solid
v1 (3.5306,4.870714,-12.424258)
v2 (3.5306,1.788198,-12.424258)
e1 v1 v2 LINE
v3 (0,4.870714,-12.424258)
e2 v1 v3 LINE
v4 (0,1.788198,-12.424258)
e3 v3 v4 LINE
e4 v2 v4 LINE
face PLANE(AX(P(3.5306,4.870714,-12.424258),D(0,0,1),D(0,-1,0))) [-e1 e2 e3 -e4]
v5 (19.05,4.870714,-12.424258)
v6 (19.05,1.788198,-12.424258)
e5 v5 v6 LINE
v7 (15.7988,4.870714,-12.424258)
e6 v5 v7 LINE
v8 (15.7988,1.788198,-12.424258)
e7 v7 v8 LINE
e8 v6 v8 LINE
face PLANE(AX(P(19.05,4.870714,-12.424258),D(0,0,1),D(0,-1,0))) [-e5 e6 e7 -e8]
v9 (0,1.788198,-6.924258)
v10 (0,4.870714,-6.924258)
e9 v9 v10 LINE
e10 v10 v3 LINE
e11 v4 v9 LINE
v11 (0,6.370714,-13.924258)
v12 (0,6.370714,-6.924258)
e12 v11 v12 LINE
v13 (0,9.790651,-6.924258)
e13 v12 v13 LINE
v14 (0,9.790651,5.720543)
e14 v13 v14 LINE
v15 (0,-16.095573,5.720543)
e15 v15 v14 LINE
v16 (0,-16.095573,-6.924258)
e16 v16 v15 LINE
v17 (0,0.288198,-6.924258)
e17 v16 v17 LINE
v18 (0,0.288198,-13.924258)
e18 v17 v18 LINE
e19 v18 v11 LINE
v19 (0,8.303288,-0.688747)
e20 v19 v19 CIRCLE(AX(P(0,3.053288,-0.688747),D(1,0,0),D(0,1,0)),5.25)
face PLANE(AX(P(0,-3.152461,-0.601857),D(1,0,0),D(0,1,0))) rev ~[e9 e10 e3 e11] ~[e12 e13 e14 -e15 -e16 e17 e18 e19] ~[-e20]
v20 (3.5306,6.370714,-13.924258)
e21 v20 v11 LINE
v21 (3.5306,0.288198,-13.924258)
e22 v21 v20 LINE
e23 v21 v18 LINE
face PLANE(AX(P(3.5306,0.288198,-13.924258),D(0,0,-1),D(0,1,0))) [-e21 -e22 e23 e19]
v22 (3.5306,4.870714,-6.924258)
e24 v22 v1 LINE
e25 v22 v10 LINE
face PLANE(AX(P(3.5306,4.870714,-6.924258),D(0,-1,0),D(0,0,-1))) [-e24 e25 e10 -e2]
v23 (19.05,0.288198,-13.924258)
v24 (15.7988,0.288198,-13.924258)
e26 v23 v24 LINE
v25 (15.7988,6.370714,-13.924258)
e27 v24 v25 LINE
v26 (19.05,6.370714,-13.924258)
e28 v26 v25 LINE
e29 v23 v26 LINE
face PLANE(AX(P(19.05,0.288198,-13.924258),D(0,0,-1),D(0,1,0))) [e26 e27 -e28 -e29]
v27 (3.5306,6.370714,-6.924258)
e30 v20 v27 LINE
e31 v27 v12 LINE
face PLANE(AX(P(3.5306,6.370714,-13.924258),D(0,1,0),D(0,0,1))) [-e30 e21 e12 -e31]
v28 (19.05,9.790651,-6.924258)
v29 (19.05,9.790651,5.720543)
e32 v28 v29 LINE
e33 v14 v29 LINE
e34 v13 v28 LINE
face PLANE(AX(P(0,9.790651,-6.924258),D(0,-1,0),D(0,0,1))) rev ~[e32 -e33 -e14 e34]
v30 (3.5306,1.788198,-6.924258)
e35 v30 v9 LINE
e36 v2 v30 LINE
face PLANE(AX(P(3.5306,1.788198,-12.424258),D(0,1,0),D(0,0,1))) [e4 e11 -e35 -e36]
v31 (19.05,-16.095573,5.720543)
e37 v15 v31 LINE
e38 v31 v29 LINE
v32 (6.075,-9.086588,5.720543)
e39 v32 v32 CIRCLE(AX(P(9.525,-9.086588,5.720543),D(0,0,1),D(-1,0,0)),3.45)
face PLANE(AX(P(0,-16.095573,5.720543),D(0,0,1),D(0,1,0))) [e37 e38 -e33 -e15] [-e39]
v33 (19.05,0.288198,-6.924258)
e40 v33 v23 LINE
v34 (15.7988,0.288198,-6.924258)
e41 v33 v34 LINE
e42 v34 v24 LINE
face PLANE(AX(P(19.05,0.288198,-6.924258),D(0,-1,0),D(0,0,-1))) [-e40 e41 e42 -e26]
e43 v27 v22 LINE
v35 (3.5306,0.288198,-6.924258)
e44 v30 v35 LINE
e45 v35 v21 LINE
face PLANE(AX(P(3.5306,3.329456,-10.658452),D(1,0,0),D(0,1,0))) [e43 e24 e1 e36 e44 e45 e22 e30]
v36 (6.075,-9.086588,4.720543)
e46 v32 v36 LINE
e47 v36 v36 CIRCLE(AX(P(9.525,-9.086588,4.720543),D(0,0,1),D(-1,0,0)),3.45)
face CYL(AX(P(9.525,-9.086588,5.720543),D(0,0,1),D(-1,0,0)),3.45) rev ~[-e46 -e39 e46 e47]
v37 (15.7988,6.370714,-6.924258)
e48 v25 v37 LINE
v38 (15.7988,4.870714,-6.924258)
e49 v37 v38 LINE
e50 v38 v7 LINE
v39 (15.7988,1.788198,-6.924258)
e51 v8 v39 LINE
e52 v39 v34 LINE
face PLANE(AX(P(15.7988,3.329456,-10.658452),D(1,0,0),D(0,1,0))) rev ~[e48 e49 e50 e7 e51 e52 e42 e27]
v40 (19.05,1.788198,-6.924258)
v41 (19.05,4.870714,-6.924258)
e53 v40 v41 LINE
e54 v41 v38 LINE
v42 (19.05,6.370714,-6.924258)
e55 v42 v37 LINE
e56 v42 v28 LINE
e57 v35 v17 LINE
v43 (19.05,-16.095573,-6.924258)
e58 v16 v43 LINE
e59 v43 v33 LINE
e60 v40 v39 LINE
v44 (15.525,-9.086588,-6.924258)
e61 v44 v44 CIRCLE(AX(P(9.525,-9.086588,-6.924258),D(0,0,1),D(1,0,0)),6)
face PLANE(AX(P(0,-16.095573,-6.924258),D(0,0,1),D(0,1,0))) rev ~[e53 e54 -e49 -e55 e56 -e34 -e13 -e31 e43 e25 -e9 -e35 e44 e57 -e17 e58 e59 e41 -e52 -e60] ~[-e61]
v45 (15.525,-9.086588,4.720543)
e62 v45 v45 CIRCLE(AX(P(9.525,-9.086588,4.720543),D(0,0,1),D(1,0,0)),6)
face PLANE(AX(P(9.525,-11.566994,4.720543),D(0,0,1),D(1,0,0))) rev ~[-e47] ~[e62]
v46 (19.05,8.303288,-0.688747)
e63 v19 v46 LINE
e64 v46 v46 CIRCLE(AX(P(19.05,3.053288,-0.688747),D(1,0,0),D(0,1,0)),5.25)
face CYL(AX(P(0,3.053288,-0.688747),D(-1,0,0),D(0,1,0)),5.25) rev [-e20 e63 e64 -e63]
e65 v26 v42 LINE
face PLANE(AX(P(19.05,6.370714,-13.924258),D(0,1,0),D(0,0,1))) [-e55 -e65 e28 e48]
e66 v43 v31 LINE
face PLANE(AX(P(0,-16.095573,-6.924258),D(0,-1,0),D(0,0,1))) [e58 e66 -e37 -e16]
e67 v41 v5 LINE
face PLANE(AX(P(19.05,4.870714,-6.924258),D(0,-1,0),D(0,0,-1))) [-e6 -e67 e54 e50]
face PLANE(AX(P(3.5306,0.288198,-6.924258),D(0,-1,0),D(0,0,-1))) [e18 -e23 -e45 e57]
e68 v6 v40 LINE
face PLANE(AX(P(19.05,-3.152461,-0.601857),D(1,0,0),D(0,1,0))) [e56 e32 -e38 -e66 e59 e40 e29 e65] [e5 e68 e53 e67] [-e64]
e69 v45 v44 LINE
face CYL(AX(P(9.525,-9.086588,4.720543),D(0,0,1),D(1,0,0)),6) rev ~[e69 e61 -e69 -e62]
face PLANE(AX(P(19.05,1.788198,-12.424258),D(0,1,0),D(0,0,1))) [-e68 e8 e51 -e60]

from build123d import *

# Parameters (mm, degrees)
F0_W     = 25.8862247349
F0_H     = 12.6448004093
F0_R     = 5.25
F1_DEPTH = 19.05
F3_DEPTH = 1
F4_START = -1
F4_DEPTH = 24.4
F6_DEPTH = 3.2512
F7_START = -15.5194
F7_DEPTH = 3.5306


with BuildPart() as f1:
    # F0 (on Right) → F1 (new body)
    with BuildSketch(Plane.YZ):
        with Locations((-3.152461024, -0.6018574079)):
            Rectangle(F0_W, F0_H)
        with Locations((3.0532879755, -0.688746688)):
            Circle(F0_R, mode=Mode.SUBTRACT)
    extrude(amount=F1_DEPTH)

    # F2 (on face) → F3 (cut)
    with BuildSketch(Plane.XY.offset(5.7205427967)):
        with BuildLine():
            Line((9.525, -9.0865883976), (12.975, -9.0865883976))
            ThreePointArc((12.975, -9.0865883976), (9.525, -5.6365883976), (6.075, -9.0865883976))
            Line((6.075, -9.0865883976), (9.525, -9.0865883976))
        make_face()
        with BuildLine():
            ThreePointArc((6.075, -9.0865883976), (9.525, -12.5365883976), (12.975, -9.0865883976))
            Line((12.975, -9.0865883976), (9.525, -9.0865883976))
            Line((9.525, -9.0865883976), (6.075, -9.0865883976))
        make_face()
    extrude(amount=-F3_DEPTH, mode=Mode.SUBTRACT)

    # F2 (on face) → F4 (cut)
    with BuildSketch(Plane.XY.offset(5.7205427967).offset(F4_START)):
        with BuildLine():
            Line((15.525, -9.0865883976), (12.975, -9.0865883976))
            ThreePointArc((12.975, -9.0865883976), (9.525, -12.5365883976), (6.075, -9.0865883976))
            Line((6.075, -9.0865883976), (3.525, -9.0865883976))
            ThreePointArc((3.525, -9.0865883976), (9.525, -15.0865883976), (15.525, -9.0865883976))
        make_face()
        with BuildLine():
            Line((9.525, -9.0865883976), (12.975, -9.0865883976))
            ThreePointArc((12.975, -9.0865883976), (9.525, -5.6365883976), (6.075, -9.0865883976))
            Line((6.075, -9.0865883976), (9.525, -9.0865883976))
        make_face()
        with BuildLine():
            ThreePointArc((6.075, -9.0865883976), (9.525, -5.6365883976), (12.975, -9.0865883976))
            Line((12.975, -9.0865883976), (15.525, -9.0865883976))
            ThreePointArc((15.525, -9.0865883976), (9.525, -3.0865883976), (3.525, -9.0865883976))
            Line((3.525, -9.0865883976), (6.075, -9.0865883976))
        make_face()
        with BuildLine():
            ThreePointArc((6.075, -9.0865883976), (9.525, -12.5365883976), (12.975, -9.0865883976))
            Line((12.975, -9.0865883976), (9.525, -9.0865883976))
            Line((9.525, -9.0865883976), (6.075, -9.0865883976))
        make_face()
    extrude(amount=-F4_DEPTH, mode=Mode.SUBTRACT)

    # F5 (on face) → F6 (join)
    with BuildSketch(Plane.YZ.offset(19.05)):
        Polygon((6.3707139343, -13.9242576137), (6.3707139343, -6.9242576137), (4.8707139343, -6.9242576126), (4.8707139343, -12.4242576137), (1.7881980821, -12.4242576137), (1.7881980821, -6.9242576137), (0.2881980821, -6.9242576126), (0.2881980821, -13.9242576137), align=None)
    extrude(amount=-F6_DEPTH)

    # F5 (on face) → F7 (join)
    with BuildSketch(Plane.YZ.offset(19.05).offset(F7_START)):
        Polygon((6.3707139343, -13.9242576137), (6.3707139343, -6.9242576137), (4.8707139343, -6.9242576126), (4.8707139343, -12.4242576137), (1.7881980821, -12.4242576137), (1.7881980821, -6.9242576137), (0.2881980821, -6.9242576126), (0.2881980821, -13.9242576137), align=None)
    extrude(amount=-F7_DEPTH)


solid = f1.part
